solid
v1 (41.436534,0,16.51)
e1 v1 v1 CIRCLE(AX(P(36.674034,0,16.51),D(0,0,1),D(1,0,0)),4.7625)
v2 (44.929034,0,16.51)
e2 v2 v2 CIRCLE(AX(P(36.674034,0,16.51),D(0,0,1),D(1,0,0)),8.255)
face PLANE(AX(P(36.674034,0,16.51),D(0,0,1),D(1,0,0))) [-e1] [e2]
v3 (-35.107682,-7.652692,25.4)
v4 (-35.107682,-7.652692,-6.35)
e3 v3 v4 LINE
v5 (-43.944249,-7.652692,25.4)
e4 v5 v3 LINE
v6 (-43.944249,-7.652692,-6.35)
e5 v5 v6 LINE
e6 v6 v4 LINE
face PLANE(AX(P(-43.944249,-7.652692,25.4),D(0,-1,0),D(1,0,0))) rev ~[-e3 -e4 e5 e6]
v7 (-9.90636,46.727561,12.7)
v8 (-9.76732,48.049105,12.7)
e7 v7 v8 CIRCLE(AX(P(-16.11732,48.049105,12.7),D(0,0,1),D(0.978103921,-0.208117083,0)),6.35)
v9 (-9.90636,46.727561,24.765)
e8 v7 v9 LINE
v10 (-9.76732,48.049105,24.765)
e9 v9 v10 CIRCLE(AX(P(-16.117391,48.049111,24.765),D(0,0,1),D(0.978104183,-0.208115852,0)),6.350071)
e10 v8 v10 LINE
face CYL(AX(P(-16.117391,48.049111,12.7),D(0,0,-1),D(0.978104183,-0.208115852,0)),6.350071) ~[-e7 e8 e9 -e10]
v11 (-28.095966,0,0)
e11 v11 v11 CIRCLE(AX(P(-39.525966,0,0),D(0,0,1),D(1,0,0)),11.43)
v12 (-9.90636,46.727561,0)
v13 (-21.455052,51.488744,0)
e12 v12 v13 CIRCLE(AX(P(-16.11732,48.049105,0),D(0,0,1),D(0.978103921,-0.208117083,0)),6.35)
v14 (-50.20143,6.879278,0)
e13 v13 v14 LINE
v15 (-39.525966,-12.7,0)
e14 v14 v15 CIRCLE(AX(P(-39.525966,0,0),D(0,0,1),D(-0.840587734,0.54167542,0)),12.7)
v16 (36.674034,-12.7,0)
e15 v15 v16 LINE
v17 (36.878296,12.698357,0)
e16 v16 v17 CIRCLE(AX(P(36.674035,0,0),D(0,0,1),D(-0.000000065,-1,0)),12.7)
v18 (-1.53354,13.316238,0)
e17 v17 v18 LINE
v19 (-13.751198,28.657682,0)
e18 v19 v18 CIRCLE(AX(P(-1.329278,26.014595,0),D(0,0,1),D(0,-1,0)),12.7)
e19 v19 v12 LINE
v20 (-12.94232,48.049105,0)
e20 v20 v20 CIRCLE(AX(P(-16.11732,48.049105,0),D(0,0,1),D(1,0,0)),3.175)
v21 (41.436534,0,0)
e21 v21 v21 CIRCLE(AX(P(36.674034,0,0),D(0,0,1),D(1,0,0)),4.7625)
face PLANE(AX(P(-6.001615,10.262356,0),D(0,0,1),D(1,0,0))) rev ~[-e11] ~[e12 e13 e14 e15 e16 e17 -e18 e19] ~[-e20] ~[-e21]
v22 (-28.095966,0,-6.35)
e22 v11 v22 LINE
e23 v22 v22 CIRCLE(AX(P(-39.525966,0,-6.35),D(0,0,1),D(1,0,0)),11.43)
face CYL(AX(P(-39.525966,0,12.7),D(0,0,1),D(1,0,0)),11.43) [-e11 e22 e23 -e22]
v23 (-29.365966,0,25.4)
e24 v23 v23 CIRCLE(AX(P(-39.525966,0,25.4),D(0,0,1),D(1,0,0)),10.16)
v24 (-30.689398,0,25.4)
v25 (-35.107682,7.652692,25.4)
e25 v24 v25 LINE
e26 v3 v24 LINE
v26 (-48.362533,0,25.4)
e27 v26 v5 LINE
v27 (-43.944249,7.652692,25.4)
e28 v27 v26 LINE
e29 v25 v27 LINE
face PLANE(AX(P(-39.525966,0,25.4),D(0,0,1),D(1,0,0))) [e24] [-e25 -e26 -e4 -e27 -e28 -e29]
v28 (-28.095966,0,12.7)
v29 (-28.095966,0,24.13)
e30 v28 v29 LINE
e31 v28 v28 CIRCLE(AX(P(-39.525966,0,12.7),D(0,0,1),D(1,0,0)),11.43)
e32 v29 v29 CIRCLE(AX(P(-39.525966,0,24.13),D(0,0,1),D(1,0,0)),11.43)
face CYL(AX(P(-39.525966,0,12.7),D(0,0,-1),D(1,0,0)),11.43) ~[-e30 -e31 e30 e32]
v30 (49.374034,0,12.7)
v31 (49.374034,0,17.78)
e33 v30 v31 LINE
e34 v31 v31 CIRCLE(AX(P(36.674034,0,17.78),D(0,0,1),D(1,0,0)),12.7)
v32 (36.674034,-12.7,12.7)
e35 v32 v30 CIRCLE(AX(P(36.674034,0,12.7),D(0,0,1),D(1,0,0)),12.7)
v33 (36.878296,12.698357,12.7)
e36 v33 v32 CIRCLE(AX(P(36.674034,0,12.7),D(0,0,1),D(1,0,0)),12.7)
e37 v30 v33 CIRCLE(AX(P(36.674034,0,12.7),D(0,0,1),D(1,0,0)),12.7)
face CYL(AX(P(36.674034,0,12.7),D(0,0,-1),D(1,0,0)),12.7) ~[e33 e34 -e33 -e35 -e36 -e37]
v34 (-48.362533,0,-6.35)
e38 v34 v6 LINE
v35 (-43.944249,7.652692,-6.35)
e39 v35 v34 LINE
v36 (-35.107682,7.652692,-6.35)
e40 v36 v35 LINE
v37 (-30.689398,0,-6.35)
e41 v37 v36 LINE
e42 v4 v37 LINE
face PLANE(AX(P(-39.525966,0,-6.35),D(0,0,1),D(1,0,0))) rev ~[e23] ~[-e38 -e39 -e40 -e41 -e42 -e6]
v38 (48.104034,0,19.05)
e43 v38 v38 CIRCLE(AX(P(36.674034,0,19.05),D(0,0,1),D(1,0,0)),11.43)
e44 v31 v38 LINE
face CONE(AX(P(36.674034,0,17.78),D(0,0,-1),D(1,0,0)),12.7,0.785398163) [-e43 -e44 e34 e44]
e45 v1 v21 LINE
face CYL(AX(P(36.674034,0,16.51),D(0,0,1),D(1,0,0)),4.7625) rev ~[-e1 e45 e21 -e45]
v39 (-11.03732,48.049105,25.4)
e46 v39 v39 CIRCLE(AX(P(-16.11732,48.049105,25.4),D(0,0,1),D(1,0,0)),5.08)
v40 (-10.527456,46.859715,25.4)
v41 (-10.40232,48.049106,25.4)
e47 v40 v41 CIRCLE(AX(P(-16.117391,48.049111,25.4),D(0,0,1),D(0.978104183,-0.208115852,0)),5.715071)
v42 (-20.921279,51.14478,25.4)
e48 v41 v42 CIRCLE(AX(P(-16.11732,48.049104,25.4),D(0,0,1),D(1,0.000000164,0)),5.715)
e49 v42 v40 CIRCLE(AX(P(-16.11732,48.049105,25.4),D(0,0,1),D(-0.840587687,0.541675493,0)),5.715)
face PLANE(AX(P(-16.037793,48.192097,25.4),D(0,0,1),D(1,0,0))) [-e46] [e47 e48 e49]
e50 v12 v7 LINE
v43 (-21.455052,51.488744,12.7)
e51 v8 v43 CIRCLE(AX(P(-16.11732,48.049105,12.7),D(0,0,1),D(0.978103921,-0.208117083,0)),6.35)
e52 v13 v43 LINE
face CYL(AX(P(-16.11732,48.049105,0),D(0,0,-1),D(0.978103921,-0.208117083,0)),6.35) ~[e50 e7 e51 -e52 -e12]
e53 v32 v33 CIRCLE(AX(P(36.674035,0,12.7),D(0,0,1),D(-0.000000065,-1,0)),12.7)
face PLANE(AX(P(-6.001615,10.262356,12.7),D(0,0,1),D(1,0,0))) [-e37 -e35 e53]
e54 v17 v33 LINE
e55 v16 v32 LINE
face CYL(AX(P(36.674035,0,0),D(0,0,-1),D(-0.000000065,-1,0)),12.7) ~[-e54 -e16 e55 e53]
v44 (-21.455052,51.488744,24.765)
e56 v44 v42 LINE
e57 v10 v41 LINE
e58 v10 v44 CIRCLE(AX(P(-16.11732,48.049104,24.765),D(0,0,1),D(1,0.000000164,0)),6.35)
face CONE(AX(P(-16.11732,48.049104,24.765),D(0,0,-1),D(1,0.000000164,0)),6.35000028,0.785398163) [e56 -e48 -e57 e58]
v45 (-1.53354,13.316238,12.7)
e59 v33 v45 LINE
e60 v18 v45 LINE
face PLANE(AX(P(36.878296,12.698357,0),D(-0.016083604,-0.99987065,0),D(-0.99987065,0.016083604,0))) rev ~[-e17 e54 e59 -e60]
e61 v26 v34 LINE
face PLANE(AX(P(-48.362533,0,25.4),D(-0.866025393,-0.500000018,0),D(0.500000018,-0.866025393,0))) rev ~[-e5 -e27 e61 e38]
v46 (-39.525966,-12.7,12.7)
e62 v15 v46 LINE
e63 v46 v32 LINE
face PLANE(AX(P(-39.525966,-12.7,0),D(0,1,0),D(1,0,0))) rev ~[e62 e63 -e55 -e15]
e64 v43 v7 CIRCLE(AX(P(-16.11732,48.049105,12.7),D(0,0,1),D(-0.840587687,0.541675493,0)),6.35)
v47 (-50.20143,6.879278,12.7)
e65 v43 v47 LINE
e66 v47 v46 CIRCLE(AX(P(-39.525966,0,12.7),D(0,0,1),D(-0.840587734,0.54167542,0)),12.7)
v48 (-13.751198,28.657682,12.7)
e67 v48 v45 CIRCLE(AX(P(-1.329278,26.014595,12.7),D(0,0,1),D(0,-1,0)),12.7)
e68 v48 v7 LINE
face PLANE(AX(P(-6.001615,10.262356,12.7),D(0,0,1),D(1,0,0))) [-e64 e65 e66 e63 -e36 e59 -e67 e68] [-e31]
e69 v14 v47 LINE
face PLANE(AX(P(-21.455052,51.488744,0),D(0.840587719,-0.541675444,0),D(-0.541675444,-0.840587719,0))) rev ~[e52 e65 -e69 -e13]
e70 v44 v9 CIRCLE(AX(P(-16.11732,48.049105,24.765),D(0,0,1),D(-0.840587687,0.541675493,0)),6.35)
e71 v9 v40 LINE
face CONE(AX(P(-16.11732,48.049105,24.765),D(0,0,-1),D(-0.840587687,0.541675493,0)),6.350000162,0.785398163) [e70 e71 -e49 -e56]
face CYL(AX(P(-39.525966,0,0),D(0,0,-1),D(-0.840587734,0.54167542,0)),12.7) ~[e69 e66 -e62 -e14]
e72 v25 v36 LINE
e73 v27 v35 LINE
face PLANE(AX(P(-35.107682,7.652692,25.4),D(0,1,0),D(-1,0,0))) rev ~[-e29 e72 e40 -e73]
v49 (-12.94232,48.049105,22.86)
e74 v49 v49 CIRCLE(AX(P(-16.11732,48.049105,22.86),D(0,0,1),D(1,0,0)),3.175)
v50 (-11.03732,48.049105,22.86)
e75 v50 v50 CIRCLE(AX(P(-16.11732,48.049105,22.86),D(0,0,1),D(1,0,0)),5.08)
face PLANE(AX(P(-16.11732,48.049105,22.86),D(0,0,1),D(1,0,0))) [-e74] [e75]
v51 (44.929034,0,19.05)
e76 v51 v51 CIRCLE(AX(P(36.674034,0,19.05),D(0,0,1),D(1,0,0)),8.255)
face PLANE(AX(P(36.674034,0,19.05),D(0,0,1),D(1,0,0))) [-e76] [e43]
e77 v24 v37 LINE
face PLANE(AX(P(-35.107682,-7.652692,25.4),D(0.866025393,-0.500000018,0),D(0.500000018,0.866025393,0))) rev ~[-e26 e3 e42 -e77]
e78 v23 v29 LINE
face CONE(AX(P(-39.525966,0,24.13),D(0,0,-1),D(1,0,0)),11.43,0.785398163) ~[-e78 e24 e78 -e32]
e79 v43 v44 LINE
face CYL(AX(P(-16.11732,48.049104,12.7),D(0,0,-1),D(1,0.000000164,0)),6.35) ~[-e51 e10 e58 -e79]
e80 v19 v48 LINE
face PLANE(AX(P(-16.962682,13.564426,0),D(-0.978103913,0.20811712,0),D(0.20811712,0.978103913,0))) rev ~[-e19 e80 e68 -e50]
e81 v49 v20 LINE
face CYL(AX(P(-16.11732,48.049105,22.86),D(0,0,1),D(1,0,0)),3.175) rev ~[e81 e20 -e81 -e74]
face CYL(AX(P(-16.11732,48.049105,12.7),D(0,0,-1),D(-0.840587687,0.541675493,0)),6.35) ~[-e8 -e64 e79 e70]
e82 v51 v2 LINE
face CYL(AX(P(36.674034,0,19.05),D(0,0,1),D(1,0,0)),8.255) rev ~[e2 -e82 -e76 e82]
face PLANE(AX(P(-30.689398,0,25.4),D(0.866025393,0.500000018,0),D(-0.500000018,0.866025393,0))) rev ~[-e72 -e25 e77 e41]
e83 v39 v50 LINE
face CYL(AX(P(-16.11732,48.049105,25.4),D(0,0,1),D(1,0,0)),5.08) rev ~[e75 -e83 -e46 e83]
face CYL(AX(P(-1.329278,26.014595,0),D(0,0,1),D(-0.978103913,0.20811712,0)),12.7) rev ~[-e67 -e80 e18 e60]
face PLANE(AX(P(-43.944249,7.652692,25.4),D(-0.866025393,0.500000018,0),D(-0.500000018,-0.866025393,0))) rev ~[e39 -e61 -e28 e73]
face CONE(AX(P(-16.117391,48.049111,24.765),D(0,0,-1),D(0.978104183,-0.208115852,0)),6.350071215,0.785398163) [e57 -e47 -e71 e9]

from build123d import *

# Parameters (mm, degrees)
F1_DEPTH       = 12.7
F2_DEPTH       = 12.7
F4_DEPTH       = 12.7
F5_R           = 5.08
F6_DEPTH       = 2.54
F7_SIZE        = 0.635
F8_R           = 3.175
F9_DEPTH       = 22.861
F10_R          = 12.7
F11_R          = 12.7
F12_DEPTH      = 6.35
F13_R          = 8.255
F14_DEPTH      = 2.54
F15_R          = 4.7625
F16_DEPTH      = 16.511
F17_R          = 11.43
F18_DEPTH      = 12.7
F18_DEPTH_BACK = 19.05
F20_DEPTH      = 31.751
F21_SIZE       = 1.27


with BuildPart() as f1:
    # F0 (on Top) → F1 (new body)
    with BuildSketch(Plane.XY):
        with BuildLine():
            Line((-21.455052, 51.488744), (-50.20143, 6.879278))
            ThreePointArc((-50.20143, 6.879278), (-50.676231, -6.079604), (-39.525966, -12.7))
            Line((-39.525966, -12.7), (36.674034, -12.7))
            ThreePointArc((36.674034, -12.7), (49.373624, -0.102134), (36.878296, 12.698357))
            Line((36.878296, 12.698357), (-16.962682, 13.564426))
            Line((-16.962682, 13.564426), (-9.90636, 46.727561))
            ThreePointArc((-9.90636, 46.727561), (-13.697021, 53.919765), (-21.455052, 51.488744))
        make_face()
    extrude(amount=F1_DEPTH)

    # F0 (on Top) → F2 (join)
    with BuildSketch(Plane.XY):
        with BuildLine():
            Line((-21.455052, 51.488744), (-50.20143, 6.879278))
            ThreePointArc((-50.20143, 6.879278), (-50.676231, -6.079604), (-39.525966, -12.7))
            Line((-39.525966, -12.7), (36.674034, -12.7))
            ThreePointArc((36.674034, -12.7), (49.373624, -0.102134), (36.878296, 12.698357))
            Line((36.878296, 12.698357), (-16.962682, 13.564426))
            Line((-16.962682, 13.564426), (-9.90636, 46.727561))
            ThreePointArc((-9.90636, 46.727561), (-13.697021, 53.919765), (-21.455052, 51.488744))
        make_face()
    extrude(amount=F2_DEPTH)

    # F3 (on face) → F4 (join)
    with BuildSketch(Plane.XY.offset(12.7)):
        with BuildLine():
            ThreePointArc((-9.90636, 46.727561), (-9.802176, 47.384686), (-9.76732, 48.049105))
            ThreePointArc((-9.76732, 48.049105), (-14.324571, 54.140783), (-21.455052, 51.488744))
            ThreePointArc((-21.455052, 51.488744), (-18.537619, 42.178444), (-9.90636, 46.727561))
        make_face()
    extrude(amount=F4_DEPTH)

    # F5 (on face) → F6 (cut)
    with BuildSketch(Plane.XY.offset(25.4)):
        with Locations((-16.11732, 48.049105)):
            Circle(F5_R)
    extrude(amount=-F6_DEPTH, mode=Mode.SUBTRACT)

    # F7
    f7_edges = [f1.edges().sort_by_distance(p)[0] for p in [
        (-22.32828, 49.370648, 25.4),
    ]]
    chamfer(f7_edges, length=F7_SIZE)

    # F8 (on face) → F9 (cut, through all)
    with BuildSketch(Plane.XY.offset(22.86)):
        with Locations((-16.11732, 48.049105)):
            Circle(F8_R)
    extrude(amount=-F9_DEPTH, mode=Mode.SUBTRACT)

    # F10
    f10_edges = [f1.edges().sort_by_distance(p)[0] for p in [
        (-16.962682, 13.564426, 6.35),
    ]]
    fillet(f10_edges, radius=F10_R)

    # F11 (on face) → F12 (join)
    with BuildSketch(Plane.XY.offset(12.7)):
        with Locations((36.674034, 0)):
            Circle(F11_R)
    extrude(amount=F12_DEPTH)

    # F13 (on face) → F14 (cut)
    with BuildSketch(Plane.XY.offset(19.05)):
        with Locations((36.674034, 0)):
            Circle(F13_R)
    extrude(amount=-F14_DEPTH, mode=Mode.SUBTRACT)

    # F15 (on face) → F16 (cut, through all)
    with BuildSketch(Plane.XY.offset(16.51)):
        with Locations((36.674034, 0)):
            Circle(F15_R)
    extrude(amount=-F16_DEPTH, mode=Mode.SUBTRACT)

    # F17 (on face) → F18 (join, two sides)
    with BuildSketch(Plane.XY.offset(12.7)) as f18_sk:
        with Locations((-39.525966, 0)):
            Circle(F17_R)
    extrude(amount=F18_DEPTH)
    extrude(f18_sk.sketch, amount=-F18_DEPTH_BACK)

    # F19 (on face) → F20 (cut, through all)
    with BuildSketch(Plane.XY.offset(25.4)):
        Polygon((-35.107682, 7.652692), (-43.944249, 7.652692), (-48.362533, 0), (-43.944249, -7.652692), (-35.107682, -7.652692), (-30.689398, 0), align=None)
    extrude(amount=-F20_DEPTH, mode=Mode.SUBTRACT)

    # F21
    f21_edges = [f1.edges().sort_by_distance(p)[0] for p in [
        (-50.955966, 0, 25.4),
        (23.974034, 0, 19.05),
    ]]
    chamfer(f21_edges, length=F21_SIZE)


solid = f1.part
